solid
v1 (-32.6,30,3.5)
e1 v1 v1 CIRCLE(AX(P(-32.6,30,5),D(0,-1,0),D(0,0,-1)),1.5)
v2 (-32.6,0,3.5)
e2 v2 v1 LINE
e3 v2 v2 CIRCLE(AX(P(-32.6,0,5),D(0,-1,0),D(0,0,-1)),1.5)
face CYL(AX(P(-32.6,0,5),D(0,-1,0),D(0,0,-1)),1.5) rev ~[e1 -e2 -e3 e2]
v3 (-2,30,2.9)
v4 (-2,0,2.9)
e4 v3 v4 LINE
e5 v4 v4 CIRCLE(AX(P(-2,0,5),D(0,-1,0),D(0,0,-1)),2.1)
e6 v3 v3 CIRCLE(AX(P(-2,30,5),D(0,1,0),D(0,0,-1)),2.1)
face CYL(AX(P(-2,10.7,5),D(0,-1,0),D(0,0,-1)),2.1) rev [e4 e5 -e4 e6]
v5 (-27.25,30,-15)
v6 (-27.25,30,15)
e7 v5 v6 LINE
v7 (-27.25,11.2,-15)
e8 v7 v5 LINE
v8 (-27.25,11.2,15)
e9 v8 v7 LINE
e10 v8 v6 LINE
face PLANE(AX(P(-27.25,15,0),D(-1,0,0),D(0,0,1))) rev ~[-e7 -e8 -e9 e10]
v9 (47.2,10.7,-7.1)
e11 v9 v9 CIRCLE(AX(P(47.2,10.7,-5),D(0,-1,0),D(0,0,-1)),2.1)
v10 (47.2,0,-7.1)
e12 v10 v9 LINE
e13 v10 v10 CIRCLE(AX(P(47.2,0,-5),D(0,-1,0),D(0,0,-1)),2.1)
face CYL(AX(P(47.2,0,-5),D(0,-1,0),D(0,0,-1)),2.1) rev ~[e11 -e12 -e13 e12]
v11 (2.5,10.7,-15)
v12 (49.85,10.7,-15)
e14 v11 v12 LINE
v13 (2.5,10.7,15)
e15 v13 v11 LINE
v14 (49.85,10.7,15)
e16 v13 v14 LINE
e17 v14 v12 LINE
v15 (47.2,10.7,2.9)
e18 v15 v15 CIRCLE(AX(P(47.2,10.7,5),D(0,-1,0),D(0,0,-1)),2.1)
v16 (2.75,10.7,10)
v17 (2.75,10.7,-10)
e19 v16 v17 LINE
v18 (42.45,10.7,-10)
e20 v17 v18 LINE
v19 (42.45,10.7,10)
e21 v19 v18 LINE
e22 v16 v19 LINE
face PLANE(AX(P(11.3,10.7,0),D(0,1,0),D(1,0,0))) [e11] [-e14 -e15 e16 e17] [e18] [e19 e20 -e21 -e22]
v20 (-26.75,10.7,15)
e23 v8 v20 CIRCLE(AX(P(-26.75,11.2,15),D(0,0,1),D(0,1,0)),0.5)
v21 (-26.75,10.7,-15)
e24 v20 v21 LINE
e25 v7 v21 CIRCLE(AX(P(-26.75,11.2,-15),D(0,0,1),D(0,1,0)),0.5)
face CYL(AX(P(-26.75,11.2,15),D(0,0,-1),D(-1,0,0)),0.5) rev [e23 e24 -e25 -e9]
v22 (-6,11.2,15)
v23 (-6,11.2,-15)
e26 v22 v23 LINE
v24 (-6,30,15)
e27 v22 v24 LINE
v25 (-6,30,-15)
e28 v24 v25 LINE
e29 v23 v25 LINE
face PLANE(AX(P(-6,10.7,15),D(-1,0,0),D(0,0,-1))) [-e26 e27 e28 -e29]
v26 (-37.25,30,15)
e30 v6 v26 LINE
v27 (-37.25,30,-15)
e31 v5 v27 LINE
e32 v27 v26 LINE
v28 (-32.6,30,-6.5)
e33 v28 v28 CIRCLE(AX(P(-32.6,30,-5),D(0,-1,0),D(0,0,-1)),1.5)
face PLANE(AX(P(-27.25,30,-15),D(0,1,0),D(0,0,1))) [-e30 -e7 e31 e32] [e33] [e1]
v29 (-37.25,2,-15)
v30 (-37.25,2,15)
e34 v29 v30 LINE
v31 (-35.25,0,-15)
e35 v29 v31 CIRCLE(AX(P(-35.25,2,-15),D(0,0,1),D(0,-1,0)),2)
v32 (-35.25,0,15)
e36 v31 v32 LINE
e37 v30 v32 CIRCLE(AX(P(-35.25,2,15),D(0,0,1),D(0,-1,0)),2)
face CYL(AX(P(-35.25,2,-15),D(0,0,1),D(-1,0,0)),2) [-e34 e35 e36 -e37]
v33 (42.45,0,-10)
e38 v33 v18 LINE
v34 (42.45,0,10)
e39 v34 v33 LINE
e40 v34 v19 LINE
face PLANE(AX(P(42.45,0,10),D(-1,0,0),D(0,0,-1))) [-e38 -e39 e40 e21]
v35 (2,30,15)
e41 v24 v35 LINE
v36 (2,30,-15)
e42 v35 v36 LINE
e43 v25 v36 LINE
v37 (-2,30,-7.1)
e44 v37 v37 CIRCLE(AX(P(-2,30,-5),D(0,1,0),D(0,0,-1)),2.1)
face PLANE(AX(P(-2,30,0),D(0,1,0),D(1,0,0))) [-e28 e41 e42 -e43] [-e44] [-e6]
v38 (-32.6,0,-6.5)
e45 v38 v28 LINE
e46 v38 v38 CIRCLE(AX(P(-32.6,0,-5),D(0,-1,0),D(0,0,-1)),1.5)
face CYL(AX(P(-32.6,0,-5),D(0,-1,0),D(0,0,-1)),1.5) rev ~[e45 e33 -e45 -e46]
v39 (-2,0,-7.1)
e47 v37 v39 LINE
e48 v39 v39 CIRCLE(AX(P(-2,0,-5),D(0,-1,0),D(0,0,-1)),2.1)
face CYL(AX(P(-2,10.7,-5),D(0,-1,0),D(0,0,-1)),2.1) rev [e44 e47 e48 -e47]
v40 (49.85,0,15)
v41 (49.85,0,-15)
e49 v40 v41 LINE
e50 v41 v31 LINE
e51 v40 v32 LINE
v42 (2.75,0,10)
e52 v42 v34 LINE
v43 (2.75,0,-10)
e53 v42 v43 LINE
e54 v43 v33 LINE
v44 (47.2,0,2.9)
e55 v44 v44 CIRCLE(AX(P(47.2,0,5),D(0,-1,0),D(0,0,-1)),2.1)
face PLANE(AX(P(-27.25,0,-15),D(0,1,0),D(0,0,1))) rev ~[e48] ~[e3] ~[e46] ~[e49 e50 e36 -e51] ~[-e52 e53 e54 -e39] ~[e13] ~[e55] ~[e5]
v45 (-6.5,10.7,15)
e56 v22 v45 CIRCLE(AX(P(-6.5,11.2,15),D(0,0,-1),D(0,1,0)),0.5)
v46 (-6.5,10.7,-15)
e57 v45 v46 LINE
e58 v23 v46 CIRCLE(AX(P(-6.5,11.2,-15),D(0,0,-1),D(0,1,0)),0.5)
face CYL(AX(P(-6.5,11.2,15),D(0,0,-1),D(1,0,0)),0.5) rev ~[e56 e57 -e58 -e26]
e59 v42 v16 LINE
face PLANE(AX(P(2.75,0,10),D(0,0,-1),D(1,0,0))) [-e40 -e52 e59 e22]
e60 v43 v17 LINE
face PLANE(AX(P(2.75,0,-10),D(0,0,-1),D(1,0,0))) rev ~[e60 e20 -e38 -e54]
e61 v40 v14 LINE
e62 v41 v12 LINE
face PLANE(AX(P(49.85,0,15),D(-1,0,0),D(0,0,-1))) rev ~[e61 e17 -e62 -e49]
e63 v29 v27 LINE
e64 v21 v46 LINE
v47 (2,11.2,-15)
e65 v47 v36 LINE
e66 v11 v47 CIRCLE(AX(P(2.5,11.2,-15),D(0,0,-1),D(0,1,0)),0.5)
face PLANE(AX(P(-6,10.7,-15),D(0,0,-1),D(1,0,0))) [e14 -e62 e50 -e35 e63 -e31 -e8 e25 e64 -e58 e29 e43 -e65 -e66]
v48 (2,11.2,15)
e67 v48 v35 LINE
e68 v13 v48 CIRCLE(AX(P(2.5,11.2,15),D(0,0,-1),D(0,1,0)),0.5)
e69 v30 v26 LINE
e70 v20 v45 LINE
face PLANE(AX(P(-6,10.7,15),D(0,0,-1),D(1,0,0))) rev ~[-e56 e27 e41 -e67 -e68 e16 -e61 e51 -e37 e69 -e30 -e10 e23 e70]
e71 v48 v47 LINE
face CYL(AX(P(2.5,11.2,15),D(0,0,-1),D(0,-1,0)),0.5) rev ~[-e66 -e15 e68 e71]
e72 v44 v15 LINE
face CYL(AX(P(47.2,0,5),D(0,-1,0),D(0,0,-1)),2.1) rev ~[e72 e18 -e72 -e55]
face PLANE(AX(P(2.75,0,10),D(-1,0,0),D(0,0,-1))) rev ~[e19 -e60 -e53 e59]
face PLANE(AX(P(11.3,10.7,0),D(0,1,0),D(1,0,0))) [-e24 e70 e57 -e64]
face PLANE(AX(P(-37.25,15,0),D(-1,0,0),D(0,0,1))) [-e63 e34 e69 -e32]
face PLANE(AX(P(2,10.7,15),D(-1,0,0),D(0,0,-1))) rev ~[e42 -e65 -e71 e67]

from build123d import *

# Parameters (mm, degrees)
SKETCH1_W           = 77.1
SKETCH1_H           = 30
SKETCH1_W_2         = 39.7
SKETCH1_H_2         = 20
BOSS_EXTRUDE1_DEPTH = 10.7
SKETCH4_W           = 30
SKETCH4_H           = 30
BOSS_EXTRUDE3_DEPTH = 10
CUT_EXTRUDE2_REACH  = 62.083
SKETCH6_R           = 2.1
FILLET5_R           = 2
FILLET6_R           = 0.5
CUT_EXTRUDE3_REACH  = 62.083
SKETCH7_R           = 1.5
SKETCH9_W           = 8
SKETCH9_H           = 30
SKETCH9_R           = 2.1
BOSS_EXTRUDE4_DEPTH = 19.3
FILLET7_R           = 0.5


with BuildPart() as part:
    # Sketch1 → Boss-Extrude1 (new body)
    with BuildSketch(Plane(origin=(0, 0, 0), x_dir=(1, 0, 0), z_dir=(0, 1, 0))):
        with Locations((11.3, 0)):
            Rectangle(SKETCH1_W, SKETCH1_H)
        with Locations((22.6, 0)):
            Rectangle(SKETCH1_W_2, SKETCH1_H_2, mode=Mode.SUBTRACT)
    extrude(amount=BOSS_EXTRUDE1_DEPTH)

    # Sketch4 → Boss-Extrude3 (add)
    with BuildSketch(Plane.ZY.offset(27.25)):
        with Locations((0, 15)):
            Rectangle(SKETCH4_W, SKETCH4_H)
    extrude(amount=BOSS_EXTRUDE3_DEPTH)

    # Sketch6 → Cut-Extrude2 (cut, up to next)
    with BuildSketch(Plane(origin=(0, 0, 0), x_dir=(-1, 0, 0), z_dir=(0, -1, 0)), mode=Mode.PRIVATE) as cut_extrude2_sk1:
        with Locations(Location((2, 5, 0), (0, 0, 90))):
            Circle(SKETCH6_R)
    cut_extrude2_tool1 = extrude(cut_extrude2_sk1.sketch, amount=-CUT_EXTRUDE2_REACH, mode=Mode.PRIVATE) & part.part
    # Sketch6 → Cut-Extrude2 (cut, up to next)
    with BuildSketch(Plane(origin=(0, 0, 0), x_dir=(-1, 0, 0), z_dir=(0, -1, 0)), mode=Mode.PRIVATE) as cut_extrude2_sk2:
        with Locations(Location((2, -5, 0), (0, 0, 90))):
            Circle(SKETCH6_R)
    cut_extrude2_tool2 = extrude(cut_extrude2_sk2.sketch, amount=-CUT_EXTRUDE2_REACH, mode=Mode.PRIVATE) & part.part
    # Sketch6 → Cut-Extrude2 (cut, up to next)
    with BuildSketch(Plane(origin=(0, 0, 0), x_dir=(-1, 0, 0), z_dir=(0, -1, 0)), mode=Mode.PRIVATE) as cut_extrude2_sk3:
        with Locations(Location((-47.2, 5, 0), (0, 0, 90))):
            Circle(SKETCH6_R)
    cut_extrude2_tool3 = extrude(cut_extrude2_sk3.sketch, amount=-CUT_EXTRUDE2_REACH, mode=Mode.PRIVATE) & part.part
    # Sketch6 → Cut-Extrude2 (cut, up to next)
    with BuildSketch(Plane(origin=(0, 0, 0), x_dir=(-1, 0, 0), z_dir=(0, -1, 0)), mode=Mode.PRIVATE) as cut_extrude2_sk4:
        with Locations(Location((-47.2, -5, 0), (0, 0, 90))):
            Circle(SKETCH6_R)
    cut_extrude2_tool4 = extrude(cut_extrude2_sk4.sketch, amount=-CUT_EXTRUDE2_REACH, mode=Mode.PRIVATE) & part.part
    add(cut_extrude2_tool1.solids().sort_by_distance((-2, 0, -5))[0], mode=Mode.SUBTRACT)
    add(cut_extrude2_tool2.solids().sort_by_distance((-2, 0, 5))[0], mode=Mode.SUBTRACT)
    add(cut_extrude2_tool3.solids().sort_by_distance((47.2, 0, -5))[0], mode=Mode.SUBTRACT)
    add(cut_extrude2_tool4.solids().sort_by_distance((47.2, 0, 5))[0], mode=Mode.SUBTRACT)

    # Fillet5
    fillet5_edges = [part.edges().sort_by_distance(p)[0] for p in [
        (-37.25, 0, 0),
    ]]
    fillet(fillet5_edges, radius=FILLET5_R)

    # Fillet6
    fillet6_edges = [part.edges().sort_by_distance(p)[0] for p in [
        (-27.25, 10.7, 0),
    ]]
    fillet(fillet6_edges, radius=FILLET6_R)

    # Sketch7 → Cut-Extrude3 (cut, up to next)
    with BuildSketch(Plane(origin=(0, 0, 0), x_dir=(-1, 0, 0), z_dir=(0, -1, 0)), mode=Mode.PRIVATE) as cut_extrude3_sk1:
        with Locations(Location((32.6, -5, 0), (0, 0, 90))):
            Circle(SKETCH7_R)
    cut_extrude3_tool1 = extrude(cut_extrude3_sk1.sketch, amount=-CUT_EXTRUDE3_REACH, mode=Mode.PRIVATE) & part.part
    # Sketch7 → Cut-Extrude3 (cut, up to next)
    with BuildSketch(Plane(origin=(0, 0, 0), x_dir=(-1, 0, 0), z_dir=(0, -1, 0)), mode=Mode.PRIVATE) as cut_extrude3_sk2:
        with Locations(Location((32.6, 5, 0), (0, 0, 90))):
            Circle(SKETCH7_R)
    cut_extrude3_tool2 = extrude(cut_extrude3_sk2.sketch, amount=-CUT_EXTRUDE3_REACH, mode=Mode.PRIVATE) & part.part
    add(cut_extrude3_tool1.solids().sort_by_distance((-32.6, 0, 5))[0], mode=Mode.SUBTRACT)
    add(cut_extrude3_tool2.solids().sort_by_distance((-32.6, 0, -5))[0], mode=Mode.SUBTRACT)

    # Sketch9 → Boss-Extrude4 (add)
    with BuildSketch(Plane(origin=(0, 10.7, 0), x_dir=(1, 0, 0), z_dir=(0, 1, 0))):
        with Locations((-2, 0)):
            Rectangle(SKETCH9_W, SKETCH9_H)
        with Locations(Location((-2, 5, 0), (0, 0, 90))):
            Circle(SKETCH9_R, mode=Mode.SUBTRACT)
        with Locations(Location((-2, -5, 0), (0, 0, 90))):
            Circle(SKETCH9_R, mode=Mode.SUBTRACT)
    extrude(amount=BOSS_EXTRUDE4_DEPTH)

    # Fillet7
    fillet7_edges = [part.edges().sort_by_distance(p)[0] for p in [
        (-6, 10.7, 0),
        (2, 10.7, 0),
    ]]
    fillet(fillet7_edges, radius=FILLET7_R)


solid = part.part
